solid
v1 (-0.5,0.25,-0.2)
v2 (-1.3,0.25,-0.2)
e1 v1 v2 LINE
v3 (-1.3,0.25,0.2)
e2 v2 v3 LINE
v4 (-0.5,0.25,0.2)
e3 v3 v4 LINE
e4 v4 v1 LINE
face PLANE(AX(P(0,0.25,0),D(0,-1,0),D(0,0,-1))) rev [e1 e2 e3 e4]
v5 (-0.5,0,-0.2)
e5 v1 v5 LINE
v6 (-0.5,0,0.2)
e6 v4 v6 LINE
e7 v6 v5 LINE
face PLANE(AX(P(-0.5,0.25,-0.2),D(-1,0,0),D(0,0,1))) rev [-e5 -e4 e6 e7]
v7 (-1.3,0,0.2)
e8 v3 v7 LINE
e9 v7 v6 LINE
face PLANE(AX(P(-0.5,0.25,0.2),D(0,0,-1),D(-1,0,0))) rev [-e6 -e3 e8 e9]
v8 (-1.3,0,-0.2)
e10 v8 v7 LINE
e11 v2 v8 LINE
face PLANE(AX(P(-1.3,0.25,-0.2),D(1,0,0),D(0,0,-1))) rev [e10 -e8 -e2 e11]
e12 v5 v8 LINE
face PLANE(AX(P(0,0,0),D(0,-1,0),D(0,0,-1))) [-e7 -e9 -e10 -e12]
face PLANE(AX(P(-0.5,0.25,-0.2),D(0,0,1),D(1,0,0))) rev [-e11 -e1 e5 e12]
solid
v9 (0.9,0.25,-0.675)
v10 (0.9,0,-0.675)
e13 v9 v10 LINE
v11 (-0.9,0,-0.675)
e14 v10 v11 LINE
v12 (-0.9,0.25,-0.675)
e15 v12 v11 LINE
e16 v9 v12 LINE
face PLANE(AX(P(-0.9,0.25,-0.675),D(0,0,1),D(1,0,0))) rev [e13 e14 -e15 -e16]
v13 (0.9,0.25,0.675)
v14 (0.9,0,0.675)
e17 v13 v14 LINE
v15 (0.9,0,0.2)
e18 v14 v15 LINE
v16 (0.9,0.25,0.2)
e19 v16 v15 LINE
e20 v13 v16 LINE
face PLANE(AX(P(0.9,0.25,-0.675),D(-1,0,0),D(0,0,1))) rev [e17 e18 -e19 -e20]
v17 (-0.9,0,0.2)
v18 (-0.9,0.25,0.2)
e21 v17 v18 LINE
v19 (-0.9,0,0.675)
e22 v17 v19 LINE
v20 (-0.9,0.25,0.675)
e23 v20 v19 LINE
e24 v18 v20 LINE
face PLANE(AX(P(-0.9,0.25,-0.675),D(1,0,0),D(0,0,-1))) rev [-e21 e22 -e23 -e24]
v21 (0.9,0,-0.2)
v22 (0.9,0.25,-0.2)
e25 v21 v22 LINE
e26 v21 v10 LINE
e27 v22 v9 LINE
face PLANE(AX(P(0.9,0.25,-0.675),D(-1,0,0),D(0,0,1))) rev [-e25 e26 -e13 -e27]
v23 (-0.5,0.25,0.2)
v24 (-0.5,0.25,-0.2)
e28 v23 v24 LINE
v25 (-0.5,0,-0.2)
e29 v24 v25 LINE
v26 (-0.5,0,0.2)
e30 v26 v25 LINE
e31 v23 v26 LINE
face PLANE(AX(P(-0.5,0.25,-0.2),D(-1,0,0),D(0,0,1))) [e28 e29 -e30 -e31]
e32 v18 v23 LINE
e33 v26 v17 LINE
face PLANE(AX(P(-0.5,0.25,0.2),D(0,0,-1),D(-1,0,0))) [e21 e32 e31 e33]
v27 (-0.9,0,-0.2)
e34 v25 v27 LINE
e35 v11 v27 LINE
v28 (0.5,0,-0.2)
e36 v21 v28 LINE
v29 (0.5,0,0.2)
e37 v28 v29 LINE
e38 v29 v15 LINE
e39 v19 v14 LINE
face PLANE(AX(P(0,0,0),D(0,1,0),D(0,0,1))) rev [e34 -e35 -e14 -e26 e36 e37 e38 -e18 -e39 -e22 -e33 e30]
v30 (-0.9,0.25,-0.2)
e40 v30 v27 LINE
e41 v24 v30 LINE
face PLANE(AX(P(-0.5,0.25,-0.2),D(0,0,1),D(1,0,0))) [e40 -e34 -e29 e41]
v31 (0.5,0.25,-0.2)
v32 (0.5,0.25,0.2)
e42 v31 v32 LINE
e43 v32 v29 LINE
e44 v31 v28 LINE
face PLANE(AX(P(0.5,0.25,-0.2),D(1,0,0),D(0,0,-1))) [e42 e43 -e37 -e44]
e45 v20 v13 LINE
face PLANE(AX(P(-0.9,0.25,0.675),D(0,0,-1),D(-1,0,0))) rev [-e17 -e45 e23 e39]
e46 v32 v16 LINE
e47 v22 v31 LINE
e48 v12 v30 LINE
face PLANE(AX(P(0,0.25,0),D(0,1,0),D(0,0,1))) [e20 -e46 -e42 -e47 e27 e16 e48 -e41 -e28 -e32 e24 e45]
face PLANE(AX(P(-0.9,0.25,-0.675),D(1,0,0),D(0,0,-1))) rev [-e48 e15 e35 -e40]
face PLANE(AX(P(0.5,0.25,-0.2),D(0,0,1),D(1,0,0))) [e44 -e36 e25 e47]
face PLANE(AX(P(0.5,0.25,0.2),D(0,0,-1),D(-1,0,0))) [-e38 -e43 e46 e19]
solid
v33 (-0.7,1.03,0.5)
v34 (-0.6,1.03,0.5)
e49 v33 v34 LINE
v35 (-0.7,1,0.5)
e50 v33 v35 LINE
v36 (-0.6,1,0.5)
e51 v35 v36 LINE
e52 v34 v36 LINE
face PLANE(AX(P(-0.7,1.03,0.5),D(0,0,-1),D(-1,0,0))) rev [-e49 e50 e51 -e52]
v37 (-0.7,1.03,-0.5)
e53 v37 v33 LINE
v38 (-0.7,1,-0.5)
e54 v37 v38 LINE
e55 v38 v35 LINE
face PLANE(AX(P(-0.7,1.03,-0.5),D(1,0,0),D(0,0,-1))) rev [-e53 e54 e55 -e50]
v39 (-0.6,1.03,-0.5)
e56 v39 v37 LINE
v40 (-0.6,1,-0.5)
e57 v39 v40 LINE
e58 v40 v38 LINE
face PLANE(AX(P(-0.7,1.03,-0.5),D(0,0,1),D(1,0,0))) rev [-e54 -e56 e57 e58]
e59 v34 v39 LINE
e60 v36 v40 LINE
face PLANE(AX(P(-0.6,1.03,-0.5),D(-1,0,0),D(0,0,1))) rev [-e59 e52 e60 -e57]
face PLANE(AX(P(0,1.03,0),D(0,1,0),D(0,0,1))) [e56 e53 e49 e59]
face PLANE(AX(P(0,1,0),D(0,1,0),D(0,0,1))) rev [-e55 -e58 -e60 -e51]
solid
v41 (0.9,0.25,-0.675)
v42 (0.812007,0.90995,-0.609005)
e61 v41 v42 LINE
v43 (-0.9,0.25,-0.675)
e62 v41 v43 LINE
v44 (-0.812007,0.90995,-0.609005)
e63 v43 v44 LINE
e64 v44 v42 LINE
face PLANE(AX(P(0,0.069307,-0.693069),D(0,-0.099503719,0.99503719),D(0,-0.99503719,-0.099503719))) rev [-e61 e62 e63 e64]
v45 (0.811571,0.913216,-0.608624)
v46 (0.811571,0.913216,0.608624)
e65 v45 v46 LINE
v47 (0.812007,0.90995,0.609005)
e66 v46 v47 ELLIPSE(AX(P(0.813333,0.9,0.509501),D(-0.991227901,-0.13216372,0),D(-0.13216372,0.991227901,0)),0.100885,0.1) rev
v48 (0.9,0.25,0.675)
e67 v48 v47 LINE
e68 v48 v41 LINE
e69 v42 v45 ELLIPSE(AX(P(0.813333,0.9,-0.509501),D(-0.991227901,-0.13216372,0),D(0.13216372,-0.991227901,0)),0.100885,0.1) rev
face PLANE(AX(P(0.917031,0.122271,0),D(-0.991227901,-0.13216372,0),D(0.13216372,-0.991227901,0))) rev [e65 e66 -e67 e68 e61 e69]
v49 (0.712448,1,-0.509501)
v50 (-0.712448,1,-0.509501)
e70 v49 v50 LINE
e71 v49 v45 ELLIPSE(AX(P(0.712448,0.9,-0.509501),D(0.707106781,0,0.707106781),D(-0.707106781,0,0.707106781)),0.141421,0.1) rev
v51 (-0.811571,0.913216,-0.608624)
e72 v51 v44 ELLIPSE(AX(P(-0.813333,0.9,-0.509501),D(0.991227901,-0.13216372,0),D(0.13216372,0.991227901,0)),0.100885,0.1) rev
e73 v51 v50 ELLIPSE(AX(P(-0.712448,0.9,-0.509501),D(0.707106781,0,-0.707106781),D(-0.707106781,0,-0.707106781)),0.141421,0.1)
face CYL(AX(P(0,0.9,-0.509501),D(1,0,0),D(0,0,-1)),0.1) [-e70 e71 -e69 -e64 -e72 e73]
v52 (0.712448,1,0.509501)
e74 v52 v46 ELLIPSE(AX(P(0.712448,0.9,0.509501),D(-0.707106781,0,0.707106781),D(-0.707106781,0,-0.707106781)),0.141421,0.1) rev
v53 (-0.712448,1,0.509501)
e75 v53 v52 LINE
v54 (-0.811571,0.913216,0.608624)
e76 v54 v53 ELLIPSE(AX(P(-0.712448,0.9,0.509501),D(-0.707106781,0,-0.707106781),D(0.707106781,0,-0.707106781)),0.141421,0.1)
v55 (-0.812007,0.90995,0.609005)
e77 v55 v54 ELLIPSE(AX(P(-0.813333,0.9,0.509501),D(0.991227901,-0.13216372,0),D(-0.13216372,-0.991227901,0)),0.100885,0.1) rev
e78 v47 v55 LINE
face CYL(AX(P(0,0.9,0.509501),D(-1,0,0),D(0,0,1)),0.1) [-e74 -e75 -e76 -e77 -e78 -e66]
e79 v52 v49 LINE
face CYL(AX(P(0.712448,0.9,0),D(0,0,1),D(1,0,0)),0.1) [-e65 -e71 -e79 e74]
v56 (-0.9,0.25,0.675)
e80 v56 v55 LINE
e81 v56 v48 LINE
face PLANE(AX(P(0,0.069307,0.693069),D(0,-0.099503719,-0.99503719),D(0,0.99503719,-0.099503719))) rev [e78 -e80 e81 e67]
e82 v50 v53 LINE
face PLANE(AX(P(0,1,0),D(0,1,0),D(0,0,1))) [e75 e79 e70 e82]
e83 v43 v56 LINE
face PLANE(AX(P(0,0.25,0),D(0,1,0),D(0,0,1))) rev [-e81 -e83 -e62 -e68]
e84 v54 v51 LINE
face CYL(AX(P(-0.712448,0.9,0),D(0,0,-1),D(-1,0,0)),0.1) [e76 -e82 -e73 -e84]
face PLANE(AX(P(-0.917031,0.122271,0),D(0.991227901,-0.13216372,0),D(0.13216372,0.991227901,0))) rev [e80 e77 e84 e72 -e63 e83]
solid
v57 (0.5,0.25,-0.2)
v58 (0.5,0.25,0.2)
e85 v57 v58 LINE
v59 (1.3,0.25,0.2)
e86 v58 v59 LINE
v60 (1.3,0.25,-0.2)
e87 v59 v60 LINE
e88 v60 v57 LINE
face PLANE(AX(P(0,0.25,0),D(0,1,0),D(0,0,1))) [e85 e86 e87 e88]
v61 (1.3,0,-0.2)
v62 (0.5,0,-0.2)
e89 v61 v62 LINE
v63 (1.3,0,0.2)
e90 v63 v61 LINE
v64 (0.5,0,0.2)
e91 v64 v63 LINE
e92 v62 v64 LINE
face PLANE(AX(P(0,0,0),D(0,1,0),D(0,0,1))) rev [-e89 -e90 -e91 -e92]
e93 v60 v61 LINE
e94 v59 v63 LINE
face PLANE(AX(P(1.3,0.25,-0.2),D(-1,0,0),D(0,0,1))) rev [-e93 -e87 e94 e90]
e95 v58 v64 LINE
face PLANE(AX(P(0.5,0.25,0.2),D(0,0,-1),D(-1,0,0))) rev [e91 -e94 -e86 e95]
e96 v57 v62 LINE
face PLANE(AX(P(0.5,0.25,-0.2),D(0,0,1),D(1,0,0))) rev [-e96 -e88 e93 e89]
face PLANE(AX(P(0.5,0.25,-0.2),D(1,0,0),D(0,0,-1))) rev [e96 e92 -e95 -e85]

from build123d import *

# Parameters (mm, degrees)
SKETCH_1_W        = 1.8
SKETCH_1_H        = 1.35
EXTRUDE_1_DEPTH   = 0.25
SKETCH_2_W        = 0.8
SKETCH_2_H        = 0.4
EXTRUDE_2_DEPTH   = 0.25
EXTRUDE_2_2_DEPTH = 0.25
SKETCH_2_2_W      = 0.8
SKETCH_2_2_H      = 0.4
EXTRUDE_3_DEPTH   = 0.25
EXTRUDE_3_2_DEPTH = 0.25
SKETCH_5_W        = 0.1
SKETCH_5_H        = 1
EXTRUDE_4_DEPTH   = 0.03
FILLET_1_R        = 0.1


with BuildPart() as part:
    # Эскиз1 → Бобышка-Вытянуть1 (new body)
    with BuildSketch(Plane(origin=(0, 0, 0), x_dir=(1, 0, 0), z_dir=(0, 1, 0))):
        Rectangle(SKETCH_1_W, SKETCH_1_H)
    extrude(amount=EXTRUDE_1_DEPTH)


with BuildPart() as body_2:
    # Эскиз2 → Бобышка-Вытянуть2 (new body)
    with BuildSketch(Plane(origin=(0, 0, 0), x_dir=(1, 0, 0), z_dir=(0, 1, 0))):
        with Locations((0.9, 0)):
            Rectangle(SKETCH_2_W, SKETCH_2_H)
    extrude(amount=EXTRUDE_2_DEPTH)


with BuildPart() as body_3:
    # Эскиз2 → Extrude 2 2 (new body)
    with BuildSketch(Plane(origin=(0, 0, 0), x_dir=(1, 0, 0), z_dir=(0, 1, 0))):
        with Locations((-0.9, 0)):
            Rectangle(SKETCH_2_W, SKETCH_2_H)
    extrude(amount=EXTRUDE_2_2_DEPTH)


with BuildPart() as part_1:
    add(part.part)

    # Combine 1: cut body 3, body 2
    add(body_3.part, mode=Mode.SUBTRACT)
    add(body_2.part, mode=Mode.SUBTRACT)


with BuildPart() as body_2_2:
    # Эскиз2<2> → Бобышка-Вытянуть3 (new body)
    with BuildSketch(Plane(origin=(0, 0, 0), x_dir=(1, 0, 0), z_dir=(0, 1, 0))):
        with Locations((0.9, 0)):
            Rectangle(SKETCH_2_2_W, SKETCH_2_2_H)
    extrude(amount=EXTRUDE_3_DEPTH)


with BuildPart() as body_3_2:
    # Эскиз2<2> → Extrude 3 2 (new body)
    with BuildSketch(Plane(origin=(0, 0, 0), x_dir=(1, 0, 0), z_dir=(0, 1, 0))):
        with Locations((-0.9, 0)):
            Rectangle(SKETCH_2_2_W, SKETCH_2_2_H)
    extrude(amount=EXTRUDE_3_2_DEPTH)


with BuildPart() as body_4:
    # Эскиз3 → По сечениям1 section 0
    with BuildSketch(Plane(origin=(0, 0.25, 0), x_dir=(1, 0, 0), z_dir=(0, 1, 0))):
        with BuildLine():
            Line((0.9, -0.675), (-0.9, -0.675))
            Line((-0.9, -0.675), (-0.9, 0.675))
            Line((-0.9, 0.675), (0.9, 0.675))
            Line((0.9, 0.675), (0.9, -0.675))
        make_face()
    # Эскиз4 → По сечениям1 section 1
    with BuildSketch(Plane(origin=(0, 1, 0), x_dir=(1, 0, 0), z_dir=(0, 1, 0))):
        with BuildLine():
            Line((0.8, -0.6), (-0.8, -0.6))
            Line((-0.8, -0.6), (-0.8, 0.6))
            Line((-0.8, 0.6), (0.8, 0.6))
            Line((0.8, 0.6), (0.8, -0.6))
        make_face()
    loft()

    # Скругление1
    fillet_1_edges = [body_4.edges().sort_by_distance(p)[0] for p in [
        (0, 1, 0.6),
        (0.8, 1, 0),
        (0, 1, -0.6),
        (-0.8, 1, 0),
    ]]
    fillet(fillet_1_edges, radius=FILLET_1_R)


with BuildPart() as body_5:
    # Эскиз5 → Бобышка-Вытянуть4 (new body)
    with BuildSketch(Plane(origin=(0, 1, 0), x_dir=(1, 0, 0), z_dir=(0, 1, 0))):
        with Locations((-0.65, 0)):
            Rectangle(SKETCH_5_W, SKETCH_5_H)
    extrude(amount=EXTRUDE_4_DEPTH)


solid = Compound([part_1.part, body_2_2.part, body_3_2.part, body_4.part, body_5.part])
